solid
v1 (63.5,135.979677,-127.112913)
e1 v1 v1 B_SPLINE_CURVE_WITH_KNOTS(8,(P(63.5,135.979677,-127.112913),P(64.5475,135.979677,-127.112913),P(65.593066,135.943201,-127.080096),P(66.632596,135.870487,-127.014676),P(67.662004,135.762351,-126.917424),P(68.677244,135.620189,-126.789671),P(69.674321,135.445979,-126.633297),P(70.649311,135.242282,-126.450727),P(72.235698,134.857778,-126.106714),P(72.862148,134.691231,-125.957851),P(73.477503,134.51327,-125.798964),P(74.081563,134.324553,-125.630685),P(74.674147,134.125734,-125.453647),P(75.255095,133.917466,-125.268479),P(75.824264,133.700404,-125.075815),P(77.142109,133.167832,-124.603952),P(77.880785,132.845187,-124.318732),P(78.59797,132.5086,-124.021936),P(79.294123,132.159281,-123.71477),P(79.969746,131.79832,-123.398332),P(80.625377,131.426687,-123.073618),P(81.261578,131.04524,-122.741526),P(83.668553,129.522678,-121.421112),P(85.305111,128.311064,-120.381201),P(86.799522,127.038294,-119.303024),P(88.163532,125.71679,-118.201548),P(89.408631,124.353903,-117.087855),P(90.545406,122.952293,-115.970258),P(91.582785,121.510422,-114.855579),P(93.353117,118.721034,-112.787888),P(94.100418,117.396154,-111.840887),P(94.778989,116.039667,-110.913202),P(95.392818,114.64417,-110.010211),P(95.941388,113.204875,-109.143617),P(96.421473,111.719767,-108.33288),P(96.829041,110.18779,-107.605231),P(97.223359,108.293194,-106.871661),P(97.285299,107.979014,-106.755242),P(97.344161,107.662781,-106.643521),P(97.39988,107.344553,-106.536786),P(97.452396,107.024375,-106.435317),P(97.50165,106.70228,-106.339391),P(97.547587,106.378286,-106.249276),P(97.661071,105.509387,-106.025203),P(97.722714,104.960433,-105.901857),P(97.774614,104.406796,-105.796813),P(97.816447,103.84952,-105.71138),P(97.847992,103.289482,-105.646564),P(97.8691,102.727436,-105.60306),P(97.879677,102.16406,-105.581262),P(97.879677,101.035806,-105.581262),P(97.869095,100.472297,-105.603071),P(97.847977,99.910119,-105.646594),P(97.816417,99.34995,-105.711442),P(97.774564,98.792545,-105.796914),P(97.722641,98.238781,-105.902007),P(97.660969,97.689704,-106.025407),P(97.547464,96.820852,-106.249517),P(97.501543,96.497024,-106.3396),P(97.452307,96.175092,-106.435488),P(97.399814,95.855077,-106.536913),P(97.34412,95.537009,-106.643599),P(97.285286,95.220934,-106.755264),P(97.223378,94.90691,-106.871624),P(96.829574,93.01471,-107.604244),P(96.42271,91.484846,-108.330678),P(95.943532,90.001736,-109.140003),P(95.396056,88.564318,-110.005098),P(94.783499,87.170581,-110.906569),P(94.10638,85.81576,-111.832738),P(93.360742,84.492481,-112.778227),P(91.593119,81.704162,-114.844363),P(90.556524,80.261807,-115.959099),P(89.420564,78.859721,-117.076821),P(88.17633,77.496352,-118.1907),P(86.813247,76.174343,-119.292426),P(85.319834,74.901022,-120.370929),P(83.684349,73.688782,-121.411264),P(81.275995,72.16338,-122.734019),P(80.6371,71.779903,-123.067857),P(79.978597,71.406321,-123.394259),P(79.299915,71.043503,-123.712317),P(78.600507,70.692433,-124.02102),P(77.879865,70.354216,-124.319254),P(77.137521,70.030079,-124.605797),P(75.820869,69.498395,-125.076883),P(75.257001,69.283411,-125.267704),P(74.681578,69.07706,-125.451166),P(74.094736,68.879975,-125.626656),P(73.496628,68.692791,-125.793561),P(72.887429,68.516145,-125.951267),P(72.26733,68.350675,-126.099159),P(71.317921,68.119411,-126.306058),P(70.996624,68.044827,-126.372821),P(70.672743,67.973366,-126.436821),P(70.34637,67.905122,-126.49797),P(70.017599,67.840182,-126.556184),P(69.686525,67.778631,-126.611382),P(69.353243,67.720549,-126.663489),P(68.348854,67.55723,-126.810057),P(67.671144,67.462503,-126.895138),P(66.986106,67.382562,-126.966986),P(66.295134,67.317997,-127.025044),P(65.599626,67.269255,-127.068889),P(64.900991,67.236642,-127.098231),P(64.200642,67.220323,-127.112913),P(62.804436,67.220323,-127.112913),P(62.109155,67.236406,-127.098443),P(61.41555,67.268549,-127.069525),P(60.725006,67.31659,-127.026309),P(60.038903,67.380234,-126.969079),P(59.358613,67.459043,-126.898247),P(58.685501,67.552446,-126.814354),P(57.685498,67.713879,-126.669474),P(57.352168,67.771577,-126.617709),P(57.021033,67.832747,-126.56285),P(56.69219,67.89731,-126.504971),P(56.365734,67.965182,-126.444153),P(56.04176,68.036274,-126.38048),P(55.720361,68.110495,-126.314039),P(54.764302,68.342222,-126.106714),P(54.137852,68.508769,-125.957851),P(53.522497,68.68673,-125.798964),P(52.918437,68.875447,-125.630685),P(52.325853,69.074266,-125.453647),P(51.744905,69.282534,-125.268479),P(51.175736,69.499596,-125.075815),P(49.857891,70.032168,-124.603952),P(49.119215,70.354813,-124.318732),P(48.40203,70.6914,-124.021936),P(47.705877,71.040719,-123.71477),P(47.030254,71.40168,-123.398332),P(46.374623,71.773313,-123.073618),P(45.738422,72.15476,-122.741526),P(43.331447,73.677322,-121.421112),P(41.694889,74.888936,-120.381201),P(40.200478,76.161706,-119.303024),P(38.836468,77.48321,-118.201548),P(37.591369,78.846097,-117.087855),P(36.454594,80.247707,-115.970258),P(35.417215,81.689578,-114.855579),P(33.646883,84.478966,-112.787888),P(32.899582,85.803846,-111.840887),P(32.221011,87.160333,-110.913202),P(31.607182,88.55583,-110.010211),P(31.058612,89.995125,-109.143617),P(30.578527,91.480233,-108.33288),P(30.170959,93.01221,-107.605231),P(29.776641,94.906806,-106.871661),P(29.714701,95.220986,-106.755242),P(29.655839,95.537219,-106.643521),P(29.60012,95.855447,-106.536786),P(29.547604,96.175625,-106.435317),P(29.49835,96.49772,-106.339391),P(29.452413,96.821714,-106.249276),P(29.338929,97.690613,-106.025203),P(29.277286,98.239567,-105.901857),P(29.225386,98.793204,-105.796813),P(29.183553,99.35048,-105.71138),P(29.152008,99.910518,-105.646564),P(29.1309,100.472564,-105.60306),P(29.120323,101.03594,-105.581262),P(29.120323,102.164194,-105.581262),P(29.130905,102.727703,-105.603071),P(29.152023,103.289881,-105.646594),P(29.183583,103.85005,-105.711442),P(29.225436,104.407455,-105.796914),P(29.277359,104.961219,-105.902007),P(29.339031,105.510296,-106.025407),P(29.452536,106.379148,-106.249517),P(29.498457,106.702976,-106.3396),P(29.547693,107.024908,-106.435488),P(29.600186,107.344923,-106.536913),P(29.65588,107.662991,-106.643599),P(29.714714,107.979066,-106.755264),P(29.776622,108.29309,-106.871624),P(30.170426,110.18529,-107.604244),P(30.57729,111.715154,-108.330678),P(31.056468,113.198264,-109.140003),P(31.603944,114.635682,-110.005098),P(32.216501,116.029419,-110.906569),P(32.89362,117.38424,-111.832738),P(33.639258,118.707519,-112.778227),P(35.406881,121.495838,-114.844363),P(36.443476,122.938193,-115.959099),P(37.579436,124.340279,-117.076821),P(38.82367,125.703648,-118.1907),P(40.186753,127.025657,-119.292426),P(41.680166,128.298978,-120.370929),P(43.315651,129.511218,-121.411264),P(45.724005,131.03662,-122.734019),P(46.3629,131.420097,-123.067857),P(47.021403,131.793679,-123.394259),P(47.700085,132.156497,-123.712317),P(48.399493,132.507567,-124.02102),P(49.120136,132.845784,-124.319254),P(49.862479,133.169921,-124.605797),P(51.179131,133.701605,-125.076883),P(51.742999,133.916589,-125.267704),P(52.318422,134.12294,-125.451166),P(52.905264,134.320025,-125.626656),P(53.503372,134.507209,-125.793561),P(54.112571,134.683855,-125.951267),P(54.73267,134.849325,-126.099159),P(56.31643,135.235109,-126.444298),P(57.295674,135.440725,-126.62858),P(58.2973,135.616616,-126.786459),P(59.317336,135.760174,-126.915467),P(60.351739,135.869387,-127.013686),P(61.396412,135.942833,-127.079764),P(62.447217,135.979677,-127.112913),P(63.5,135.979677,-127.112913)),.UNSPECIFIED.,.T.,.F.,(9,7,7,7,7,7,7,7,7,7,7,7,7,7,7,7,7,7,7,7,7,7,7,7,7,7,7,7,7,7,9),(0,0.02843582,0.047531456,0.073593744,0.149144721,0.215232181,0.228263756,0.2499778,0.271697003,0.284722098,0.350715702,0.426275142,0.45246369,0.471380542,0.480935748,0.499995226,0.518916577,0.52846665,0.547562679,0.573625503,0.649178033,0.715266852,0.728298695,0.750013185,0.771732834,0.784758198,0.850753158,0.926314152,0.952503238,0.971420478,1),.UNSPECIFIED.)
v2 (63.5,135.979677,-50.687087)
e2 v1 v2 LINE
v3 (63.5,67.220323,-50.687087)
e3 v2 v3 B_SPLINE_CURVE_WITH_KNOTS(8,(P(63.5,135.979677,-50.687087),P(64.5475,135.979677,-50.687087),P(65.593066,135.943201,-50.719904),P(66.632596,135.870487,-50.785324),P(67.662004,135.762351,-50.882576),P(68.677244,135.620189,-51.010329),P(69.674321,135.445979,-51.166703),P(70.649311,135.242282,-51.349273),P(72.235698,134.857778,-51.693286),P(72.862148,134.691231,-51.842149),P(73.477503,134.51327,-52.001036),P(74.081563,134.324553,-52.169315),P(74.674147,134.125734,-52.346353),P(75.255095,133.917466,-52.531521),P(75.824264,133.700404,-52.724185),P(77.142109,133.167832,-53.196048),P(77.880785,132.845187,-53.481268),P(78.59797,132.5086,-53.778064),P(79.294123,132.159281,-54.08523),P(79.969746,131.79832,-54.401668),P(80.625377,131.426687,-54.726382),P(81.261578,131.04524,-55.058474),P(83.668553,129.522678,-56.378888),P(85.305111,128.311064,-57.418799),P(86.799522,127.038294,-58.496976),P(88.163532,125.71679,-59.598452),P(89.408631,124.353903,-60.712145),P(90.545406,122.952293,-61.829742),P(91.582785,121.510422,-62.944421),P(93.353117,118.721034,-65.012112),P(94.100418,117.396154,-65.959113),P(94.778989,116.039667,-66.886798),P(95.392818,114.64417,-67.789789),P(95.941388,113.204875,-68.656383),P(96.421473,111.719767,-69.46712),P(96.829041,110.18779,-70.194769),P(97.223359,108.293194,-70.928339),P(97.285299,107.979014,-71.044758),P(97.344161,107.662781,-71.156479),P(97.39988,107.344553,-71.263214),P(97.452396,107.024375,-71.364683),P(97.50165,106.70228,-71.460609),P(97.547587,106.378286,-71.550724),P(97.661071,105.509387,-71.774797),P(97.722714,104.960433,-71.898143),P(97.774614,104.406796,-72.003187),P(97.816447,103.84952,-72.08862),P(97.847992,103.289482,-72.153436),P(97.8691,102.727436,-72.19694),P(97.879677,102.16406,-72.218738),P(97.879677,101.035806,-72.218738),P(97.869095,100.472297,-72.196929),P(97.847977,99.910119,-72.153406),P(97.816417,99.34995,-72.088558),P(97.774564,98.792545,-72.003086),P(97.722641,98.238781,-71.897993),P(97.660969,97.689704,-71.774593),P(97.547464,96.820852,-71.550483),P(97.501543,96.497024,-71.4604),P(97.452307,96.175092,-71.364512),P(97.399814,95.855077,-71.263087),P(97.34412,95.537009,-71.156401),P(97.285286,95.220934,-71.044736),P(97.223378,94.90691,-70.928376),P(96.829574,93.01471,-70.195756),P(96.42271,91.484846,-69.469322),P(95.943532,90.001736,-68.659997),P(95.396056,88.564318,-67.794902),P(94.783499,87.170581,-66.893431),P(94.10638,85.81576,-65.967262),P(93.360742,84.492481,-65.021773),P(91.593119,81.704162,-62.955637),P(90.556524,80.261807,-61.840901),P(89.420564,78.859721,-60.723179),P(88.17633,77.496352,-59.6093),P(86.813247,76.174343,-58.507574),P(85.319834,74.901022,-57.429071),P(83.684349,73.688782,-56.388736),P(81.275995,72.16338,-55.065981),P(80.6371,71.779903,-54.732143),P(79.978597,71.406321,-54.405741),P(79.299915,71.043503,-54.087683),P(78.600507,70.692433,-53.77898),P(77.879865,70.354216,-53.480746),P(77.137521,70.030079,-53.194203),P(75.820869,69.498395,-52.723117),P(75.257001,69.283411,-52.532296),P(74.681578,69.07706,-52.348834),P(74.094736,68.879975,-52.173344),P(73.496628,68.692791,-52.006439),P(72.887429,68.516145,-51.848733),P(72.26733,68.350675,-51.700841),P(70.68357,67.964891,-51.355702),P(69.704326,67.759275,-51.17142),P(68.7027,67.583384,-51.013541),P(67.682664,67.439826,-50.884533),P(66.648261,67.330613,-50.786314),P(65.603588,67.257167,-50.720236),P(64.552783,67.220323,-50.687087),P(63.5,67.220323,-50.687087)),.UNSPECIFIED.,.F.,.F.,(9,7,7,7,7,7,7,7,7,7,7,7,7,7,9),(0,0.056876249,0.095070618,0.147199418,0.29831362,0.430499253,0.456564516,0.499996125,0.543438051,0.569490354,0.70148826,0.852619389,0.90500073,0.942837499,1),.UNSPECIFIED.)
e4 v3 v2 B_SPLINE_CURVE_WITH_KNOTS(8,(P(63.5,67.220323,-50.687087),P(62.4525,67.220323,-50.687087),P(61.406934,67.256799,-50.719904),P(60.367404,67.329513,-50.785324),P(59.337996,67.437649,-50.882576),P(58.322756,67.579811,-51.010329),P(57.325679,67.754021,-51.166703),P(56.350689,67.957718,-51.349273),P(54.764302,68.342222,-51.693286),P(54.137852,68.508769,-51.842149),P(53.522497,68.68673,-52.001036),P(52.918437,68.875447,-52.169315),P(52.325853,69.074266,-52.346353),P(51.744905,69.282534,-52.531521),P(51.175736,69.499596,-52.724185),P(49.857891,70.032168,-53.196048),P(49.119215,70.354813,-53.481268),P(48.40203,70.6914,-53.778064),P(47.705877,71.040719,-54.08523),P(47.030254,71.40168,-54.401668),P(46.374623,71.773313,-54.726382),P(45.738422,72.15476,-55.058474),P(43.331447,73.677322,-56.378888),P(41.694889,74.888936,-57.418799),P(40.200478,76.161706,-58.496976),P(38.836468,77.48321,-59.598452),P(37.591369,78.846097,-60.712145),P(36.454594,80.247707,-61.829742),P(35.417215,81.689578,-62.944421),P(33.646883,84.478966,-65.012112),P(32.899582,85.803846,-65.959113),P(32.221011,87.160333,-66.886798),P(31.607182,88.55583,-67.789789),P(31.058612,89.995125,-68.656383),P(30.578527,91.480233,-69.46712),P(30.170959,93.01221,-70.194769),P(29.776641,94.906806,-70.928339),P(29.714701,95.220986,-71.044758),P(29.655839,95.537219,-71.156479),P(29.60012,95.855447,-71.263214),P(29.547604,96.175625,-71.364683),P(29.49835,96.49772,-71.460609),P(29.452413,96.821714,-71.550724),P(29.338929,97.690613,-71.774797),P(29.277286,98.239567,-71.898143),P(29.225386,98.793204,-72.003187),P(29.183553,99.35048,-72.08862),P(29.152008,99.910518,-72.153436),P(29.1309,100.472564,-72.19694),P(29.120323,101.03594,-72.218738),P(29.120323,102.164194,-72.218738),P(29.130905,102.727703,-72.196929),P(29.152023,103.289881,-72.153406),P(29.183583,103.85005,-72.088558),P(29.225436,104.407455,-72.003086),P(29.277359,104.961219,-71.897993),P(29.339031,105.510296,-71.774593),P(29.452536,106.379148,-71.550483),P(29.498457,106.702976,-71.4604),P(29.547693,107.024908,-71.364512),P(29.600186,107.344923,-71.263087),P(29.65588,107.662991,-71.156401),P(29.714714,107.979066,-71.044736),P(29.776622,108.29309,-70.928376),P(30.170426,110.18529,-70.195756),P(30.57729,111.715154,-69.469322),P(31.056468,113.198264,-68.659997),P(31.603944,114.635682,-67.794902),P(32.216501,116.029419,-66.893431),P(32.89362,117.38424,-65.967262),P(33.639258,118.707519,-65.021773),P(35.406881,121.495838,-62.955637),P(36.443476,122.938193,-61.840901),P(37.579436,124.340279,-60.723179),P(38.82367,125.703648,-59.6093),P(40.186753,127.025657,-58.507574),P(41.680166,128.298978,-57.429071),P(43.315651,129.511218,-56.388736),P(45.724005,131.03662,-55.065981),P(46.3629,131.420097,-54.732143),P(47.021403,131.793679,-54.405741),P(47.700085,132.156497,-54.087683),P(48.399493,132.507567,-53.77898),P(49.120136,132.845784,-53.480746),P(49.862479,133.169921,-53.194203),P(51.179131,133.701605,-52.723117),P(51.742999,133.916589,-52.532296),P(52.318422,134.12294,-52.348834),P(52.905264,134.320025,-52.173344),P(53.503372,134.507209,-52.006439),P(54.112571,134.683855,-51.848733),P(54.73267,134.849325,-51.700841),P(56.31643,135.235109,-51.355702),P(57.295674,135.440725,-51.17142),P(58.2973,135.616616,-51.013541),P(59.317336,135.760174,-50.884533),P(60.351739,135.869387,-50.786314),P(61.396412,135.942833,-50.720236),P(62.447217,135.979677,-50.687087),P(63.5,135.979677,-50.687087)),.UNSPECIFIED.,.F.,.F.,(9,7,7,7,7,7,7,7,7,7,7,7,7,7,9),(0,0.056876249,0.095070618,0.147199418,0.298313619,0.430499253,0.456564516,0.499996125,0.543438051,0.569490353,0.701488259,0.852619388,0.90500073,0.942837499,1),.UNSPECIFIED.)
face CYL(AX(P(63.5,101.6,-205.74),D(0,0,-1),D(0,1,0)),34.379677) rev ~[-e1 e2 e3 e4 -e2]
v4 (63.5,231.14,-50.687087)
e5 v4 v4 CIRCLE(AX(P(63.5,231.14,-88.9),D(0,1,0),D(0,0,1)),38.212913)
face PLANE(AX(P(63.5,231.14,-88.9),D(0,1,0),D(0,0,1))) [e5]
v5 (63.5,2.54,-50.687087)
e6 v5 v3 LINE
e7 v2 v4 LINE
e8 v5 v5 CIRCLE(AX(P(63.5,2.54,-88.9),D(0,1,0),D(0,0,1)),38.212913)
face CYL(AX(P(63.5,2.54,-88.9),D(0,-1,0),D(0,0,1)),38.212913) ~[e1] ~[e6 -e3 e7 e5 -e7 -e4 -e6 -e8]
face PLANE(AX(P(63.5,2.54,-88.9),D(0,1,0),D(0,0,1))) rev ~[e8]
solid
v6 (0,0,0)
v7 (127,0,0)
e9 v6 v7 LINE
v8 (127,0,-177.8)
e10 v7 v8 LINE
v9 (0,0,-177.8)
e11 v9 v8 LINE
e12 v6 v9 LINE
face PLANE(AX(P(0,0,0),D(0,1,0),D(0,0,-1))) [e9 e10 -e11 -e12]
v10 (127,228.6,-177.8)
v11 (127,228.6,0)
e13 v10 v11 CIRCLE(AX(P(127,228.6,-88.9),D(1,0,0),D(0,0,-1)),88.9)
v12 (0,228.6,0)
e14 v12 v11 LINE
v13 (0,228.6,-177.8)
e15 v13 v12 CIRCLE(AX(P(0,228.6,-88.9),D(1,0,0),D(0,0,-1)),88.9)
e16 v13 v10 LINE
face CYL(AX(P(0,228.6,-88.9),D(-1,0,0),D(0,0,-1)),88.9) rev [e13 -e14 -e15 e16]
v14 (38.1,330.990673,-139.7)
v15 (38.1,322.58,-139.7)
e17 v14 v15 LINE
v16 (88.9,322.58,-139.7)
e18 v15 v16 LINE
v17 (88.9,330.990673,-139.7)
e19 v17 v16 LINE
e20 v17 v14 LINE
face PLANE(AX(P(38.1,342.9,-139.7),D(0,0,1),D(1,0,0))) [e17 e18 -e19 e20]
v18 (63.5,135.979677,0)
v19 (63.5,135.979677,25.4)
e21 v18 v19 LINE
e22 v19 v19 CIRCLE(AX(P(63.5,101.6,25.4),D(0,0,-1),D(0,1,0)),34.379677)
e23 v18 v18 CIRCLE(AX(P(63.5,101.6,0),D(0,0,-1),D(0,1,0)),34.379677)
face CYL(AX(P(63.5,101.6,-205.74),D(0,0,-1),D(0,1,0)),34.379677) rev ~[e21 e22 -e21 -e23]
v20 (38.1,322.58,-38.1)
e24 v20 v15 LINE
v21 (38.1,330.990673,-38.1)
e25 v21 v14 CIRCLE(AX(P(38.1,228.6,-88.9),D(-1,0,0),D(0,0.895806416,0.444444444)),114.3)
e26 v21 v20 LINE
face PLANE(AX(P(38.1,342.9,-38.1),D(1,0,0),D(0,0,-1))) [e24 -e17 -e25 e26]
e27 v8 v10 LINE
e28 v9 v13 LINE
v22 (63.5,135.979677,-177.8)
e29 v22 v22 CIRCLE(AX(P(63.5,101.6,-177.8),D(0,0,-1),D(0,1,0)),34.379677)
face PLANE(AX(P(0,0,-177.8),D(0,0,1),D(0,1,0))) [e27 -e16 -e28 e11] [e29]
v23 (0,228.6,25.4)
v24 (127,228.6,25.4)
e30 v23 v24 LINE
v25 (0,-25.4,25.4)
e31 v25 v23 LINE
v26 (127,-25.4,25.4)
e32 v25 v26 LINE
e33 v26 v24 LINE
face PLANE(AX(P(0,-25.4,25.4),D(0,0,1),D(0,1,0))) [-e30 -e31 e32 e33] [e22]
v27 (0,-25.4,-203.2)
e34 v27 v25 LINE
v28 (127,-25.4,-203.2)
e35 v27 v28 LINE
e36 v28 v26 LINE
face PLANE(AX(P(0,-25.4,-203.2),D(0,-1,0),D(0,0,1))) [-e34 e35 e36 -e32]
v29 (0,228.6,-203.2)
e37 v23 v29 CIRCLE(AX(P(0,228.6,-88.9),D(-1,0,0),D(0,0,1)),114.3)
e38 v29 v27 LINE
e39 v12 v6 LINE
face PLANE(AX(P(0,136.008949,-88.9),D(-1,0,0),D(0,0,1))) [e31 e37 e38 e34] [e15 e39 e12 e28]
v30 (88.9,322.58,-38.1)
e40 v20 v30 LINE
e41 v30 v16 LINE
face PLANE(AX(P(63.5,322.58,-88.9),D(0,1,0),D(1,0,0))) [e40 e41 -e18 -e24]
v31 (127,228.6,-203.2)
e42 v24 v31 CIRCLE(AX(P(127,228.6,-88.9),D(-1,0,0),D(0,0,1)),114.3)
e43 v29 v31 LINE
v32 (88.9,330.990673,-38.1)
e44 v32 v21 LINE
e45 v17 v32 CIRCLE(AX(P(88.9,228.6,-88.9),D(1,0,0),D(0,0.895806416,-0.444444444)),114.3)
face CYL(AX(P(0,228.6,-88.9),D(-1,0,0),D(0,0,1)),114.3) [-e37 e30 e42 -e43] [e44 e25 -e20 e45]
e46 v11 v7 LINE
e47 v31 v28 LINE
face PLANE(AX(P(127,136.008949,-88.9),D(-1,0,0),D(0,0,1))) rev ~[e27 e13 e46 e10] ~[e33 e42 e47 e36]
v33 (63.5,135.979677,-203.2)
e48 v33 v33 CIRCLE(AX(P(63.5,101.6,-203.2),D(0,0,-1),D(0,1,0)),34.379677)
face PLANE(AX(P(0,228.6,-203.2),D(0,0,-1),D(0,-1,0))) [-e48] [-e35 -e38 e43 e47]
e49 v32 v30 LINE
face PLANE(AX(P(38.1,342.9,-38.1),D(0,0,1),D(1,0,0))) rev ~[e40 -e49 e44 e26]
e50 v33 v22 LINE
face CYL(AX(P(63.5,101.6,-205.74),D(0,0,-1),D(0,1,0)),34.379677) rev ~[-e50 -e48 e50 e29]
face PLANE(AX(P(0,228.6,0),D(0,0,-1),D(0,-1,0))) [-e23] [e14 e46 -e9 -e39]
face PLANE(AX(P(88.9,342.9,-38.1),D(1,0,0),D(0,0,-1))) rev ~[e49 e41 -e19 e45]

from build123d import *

# Parameters (mm, degrees)
BOSS_EXTRUDE2_DEPTH = 127
SKETCH2_W           = 50.8
SKETCH2_H           = 101.6
CUT_EXTRUDE1_DEPTH  = 20.32
SKETCH4_R           = 38.212912671
BOSS_EXTRUDE3_DEPTH = 228.6
SKETCH5_R           = 34.379676842
CUT_EXTRUDE2_DEPTH  = 433.591157561


with BuildPart() as part:
    # Sketch1 → Boss-Extrude2 (new body)
    with BuildSketch(Plane(origin=(0, 0, 0), x_dir=(0, 0, -1), z_dir=(1, 0, 0))):
        with BuildLine():
            Line((-25.4, -25.4), (-25.4, 228.6))
            ThreePointArc((-25.4, 228.6), (88.9, 342.9), (203.2, 228.6))
            Line((203.2, 228.6), (203.2, -25.4))
            Line((203.2, -25.4), (-25.4, -25.4))
        make_face()
        with BuildLine():
            Line((0, 0), (177.8, 0))
            Line((177.8, 0), (177.8, 228.6))
            ThreePointArc((177.8, 228.6), (88.9, 317.5), (0, 228.6))
            Line((0, 228.6), (0, 0))
        make_face(mode=Mode.SUBTRACT)
    extrude(amount=BOSS_EXTRUDE2_DEPTH)

    # Sketch2 → Cut-Extrude1 (cut)
    with BuildSketch(Plane(origin=(0, 342.9, 0), x_dir=(1, 0, 0), z_dir=(0, 1, 0))):
        with Locations((63.5, 88.9)):
            Rectangle(SKETCH2_W, SKETCH2_H)
    extrude(amount=-CUT_EXTRUDE1_DEPTH, mode=Mode.SUBTRACT)


with BuildPart() as body_2:
    # Sketch4 → Boss-Extrude3 (new body)
    with BuildSketch(Plane(origin=(0, 2.54, 0), x_dir=(1, 0, 0), z_dir=(0, 1, 0))):
        with Locations(Location((63.5, 88.9, 0), (0, 0, 270))):
            Circle(SKETCH4_R)
    extrude(amount=BOSS_EXTRUDE3_DEPTH)


with BuildPart() as cut_extrude2_tool:
    # Sketch5 → Cut-Extrude2 (new, through all)
    with BuildSketch(Plane(origin=(0, 0, -205.74), x_dir=(-1, 0, 0), z_dir=(0, 0, -1))):
        with Locations(Location((-63.5, 101.6, 0), (0, 0, 90.000000002))):
            Circle(SKETCH5_R)
    extrude(amount=-CUT_EXTRUDE2_DEPTH)


with BuildPart() as part_1:
    add(part.part)

    # Cut-Extrude2: cut by cut_extrude2_tool
    add(cut_extrude2_tool.part, mode=Mode.SUBTRACT)


with BuildPart() as body_2_1:
    add(body_2.part)

    # Cut-Extrude2: cut by cut_extrude2_tool
    add(cut_extrude2_tool.part, mode=Mode.SUBTRACT)


solid = Compound([part_1.part, body_2_1.part])
